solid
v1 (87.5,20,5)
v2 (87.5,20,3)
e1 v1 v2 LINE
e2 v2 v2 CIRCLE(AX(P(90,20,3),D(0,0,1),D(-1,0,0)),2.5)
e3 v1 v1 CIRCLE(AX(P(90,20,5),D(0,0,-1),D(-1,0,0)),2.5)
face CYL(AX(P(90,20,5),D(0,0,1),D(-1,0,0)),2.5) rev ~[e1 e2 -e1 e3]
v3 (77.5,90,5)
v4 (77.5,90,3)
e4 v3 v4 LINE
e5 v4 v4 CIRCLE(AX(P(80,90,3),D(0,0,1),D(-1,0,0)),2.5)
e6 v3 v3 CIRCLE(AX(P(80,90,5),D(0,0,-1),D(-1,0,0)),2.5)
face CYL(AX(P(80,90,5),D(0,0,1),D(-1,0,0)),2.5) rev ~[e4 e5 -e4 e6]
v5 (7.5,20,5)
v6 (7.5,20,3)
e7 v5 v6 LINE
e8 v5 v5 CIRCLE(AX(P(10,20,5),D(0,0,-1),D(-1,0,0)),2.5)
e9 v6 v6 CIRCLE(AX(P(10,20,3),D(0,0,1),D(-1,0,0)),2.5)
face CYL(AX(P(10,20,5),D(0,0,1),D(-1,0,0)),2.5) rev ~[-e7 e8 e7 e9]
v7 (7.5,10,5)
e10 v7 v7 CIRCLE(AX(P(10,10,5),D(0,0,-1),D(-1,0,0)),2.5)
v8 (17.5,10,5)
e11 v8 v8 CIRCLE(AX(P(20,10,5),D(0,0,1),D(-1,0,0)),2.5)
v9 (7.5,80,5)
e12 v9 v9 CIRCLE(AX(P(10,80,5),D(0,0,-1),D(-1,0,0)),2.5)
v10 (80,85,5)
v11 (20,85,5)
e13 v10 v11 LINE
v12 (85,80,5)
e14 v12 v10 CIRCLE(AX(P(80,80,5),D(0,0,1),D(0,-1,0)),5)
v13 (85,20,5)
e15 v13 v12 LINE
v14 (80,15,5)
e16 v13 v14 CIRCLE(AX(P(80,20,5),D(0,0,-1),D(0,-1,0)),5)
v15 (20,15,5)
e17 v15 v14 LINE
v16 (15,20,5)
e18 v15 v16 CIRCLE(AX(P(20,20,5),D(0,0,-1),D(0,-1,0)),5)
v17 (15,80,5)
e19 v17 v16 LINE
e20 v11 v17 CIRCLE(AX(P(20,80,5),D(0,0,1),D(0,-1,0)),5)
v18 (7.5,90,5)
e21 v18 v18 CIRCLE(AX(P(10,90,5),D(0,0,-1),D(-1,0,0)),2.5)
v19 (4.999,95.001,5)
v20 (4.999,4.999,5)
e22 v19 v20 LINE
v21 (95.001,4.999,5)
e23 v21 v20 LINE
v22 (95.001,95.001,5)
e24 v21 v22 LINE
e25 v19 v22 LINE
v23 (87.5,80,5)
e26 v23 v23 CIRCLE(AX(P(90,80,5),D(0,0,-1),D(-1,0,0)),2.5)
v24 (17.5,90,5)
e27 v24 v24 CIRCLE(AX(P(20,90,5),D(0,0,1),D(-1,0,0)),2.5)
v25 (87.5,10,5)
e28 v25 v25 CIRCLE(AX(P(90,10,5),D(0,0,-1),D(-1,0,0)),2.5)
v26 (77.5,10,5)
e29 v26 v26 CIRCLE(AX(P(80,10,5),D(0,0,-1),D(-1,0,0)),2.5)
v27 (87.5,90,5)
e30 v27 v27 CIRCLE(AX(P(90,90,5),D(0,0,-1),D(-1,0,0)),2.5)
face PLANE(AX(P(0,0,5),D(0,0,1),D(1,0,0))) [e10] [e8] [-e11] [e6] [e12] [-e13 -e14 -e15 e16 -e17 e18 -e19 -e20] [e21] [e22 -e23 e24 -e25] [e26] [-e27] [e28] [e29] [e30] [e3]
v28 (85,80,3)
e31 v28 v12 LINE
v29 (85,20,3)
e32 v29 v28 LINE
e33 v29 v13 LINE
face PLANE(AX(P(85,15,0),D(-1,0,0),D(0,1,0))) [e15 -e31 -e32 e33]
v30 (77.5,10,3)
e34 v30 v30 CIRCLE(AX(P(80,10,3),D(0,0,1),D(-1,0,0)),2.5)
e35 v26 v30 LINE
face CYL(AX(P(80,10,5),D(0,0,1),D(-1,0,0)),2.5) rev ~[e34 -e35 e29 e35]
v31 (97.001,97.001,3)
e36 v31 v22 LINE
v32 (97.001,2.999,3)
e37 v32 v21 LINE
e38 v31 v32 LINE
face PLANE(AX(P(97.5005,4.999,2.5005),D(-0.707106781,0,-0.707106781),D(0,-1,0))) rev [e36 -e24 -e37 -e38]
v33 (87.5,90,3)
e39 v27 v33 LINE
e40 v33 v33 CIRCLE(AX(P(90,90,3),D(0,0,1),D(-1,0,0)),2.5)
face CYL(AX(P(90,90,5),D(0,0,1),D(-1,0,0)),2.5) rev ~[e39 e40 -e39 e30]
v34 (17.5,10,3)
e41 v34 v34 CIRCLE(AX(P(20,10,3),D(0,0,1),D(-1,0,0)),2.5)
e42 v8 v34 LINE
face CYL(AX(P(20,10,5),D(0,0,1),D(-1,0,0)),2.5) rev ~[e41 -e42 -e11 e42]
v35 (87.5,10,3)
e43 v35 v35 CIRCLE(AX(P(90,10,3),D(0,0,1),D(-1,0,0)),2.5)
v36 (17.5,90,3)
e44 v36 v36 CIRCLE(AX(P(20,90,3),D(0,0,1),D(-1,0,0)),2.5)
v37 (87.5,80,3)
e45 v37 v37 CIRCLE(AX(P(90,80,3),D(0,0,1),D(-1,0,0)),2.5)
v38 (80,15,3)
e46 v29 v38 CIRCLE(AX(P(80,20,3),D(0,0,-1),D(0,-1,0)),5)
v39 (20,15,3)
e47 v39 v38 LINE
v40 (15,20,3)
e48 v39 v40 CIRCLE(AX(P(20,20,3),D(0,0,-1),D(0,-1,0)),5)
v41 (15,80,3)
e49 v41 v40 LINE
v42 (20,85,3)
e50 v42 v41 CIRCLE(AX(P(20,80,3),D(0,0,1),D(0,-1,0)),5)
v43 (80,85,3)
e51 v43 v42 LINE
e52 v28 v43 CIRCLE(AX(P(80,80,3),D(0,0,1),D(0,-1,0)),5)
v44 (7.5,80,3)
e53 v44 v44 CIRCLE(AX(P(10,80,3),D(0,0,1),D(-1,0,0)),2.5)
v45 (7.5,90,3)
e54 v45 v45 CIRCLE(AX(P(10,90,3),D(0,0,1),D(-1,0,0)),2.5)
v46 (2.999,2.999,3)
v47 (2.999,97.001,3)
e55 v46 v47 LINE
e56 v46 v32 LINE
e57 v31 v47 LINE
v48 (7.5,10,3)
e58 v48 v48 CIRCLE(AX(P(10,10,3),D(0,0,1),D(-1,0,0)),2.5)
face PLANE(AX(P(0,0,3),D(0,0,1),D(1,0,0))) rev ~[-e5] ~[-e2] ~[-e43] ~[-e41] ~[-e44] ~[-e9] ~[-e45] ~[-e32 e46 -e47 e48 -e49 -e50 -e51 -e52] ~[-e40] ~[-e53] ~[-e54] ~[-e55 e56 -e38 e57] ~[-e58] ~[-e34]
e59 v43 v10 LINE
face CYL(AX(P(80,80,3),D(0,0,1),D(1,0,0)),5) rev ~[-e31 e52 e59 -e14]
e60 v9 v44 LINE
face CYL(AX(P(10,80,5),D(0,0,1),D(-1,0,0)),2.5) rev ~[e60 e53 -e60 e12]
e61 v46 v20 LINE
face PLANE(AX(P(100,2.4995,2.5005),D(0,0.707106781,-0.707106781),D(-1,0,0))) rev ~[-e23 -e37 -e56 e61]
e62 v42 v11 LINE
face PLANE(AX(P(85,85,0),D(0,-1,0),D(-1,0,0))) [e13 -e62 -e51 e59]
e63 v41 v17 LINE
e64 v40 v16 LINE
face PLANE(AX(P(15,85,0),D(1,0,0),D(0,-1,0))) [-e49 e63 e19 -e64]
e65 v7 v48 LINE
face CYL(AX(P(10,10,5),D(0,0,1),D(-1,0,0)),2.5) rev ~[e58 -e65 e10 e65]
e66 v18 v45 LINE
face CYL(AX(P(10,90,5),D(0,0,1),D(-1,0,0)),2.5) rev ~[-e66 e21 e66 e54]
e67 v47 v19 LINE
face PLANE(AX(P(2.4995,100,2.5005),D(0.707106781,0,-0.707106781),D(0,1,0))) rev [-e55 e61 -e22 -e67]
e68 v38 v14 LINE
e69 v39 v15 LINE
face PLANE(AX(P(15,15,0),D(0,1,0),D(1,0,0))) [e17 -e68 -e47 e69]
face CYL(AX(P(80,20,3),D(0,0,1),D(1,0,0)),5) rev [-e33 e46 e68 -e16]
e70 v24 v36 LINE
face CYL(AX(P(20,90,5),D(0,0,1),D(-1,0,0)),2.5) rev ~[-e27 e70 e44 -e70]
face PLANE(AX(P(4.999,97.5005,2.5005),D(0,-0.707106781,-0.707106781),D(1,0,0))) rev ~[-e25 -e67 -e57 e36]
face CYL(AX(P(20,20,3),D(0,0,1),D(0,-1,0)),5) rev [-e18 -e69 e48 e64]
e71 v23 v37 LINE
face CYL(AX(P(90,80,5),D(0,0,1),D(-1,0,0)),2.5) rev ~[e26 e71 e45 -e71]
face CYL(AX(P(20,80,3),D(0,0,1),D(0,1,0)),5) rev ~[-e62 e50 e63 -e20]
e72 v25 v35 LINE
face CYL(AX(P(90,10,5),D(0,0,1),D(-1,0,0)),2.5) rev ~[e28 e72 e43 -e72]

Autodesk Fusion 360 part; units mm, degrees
sketch "Sketch1" plane through (0, 0, 0) normal (0, 0, 1) x (1, 0, 0)
  line L0 (0, 0) -> (100, 0)
  line L1 (100, 0) -> (100, 100)
  line L2 (100, 100) -> (0, 100)
  line L3 (0, 100) -> (0, 0)
  line L4 (0, 0) -> (15, 0)
  line L5 (15, 0) -> (15, 15)
  line L6 (100, 100) -> (85, 100)
  line L7 (85, 100) -> (85, 85)
  line L8 (15, 15) -> (85, 15)
  line L9 (85, 15) -> (85, 85)
  line L10 (85, 85) -> (15, 85)
  line L11 (15, 85) -> (15, 15)
  dimension "d1" = 100
  dimension "d2" = 100
  dimension "d3" = 15
  dimension "d4" = 15
  dimension "d5" = 15
  dimension "d6" = 15
extrude "Extrude1" add sketch "Sketch1" along normal blind 5 contours L0 L2 L3 L4 L5 L7 L10 L11 | L0 L1 L2 L5 L6 L7 L8 L9
chamfer "Chamfer1" distance 5 angle 45 1 edges at (50, 0, 5)
chamfer "Chamfer2" distance 5 angle 45 1 edges at (0, 52.5, 5)
chamfer "Chamfer3" distance 5 angle 45 1 edges at (52.5, 100, 5)
chamfer "Chamfer4" distance 5 angle 45 1 edges at (100, 50, 5)
extrude "Extrude2" cut 1 faces at (5, 61.6667, 0) along direction (0, 0, 1) blind 3
sketch "Sketch2" plane through (0, 0, 5) normal (0, 0, 1) x (-1, 0, 0)
  line L0 (-15, -15) -> (-15, -85)
  line L1 (-15, -85) -> (-85, -85)
  line L2 (-85, -85) -> (-85, -15)
  line L3 (-85, -15) -> (-15, -15)
  line L4 (-95, -5) -> (-95, -95)
  line L5 (-95, -95) -> (-5, -95)
  line L6 (-5, -95) -> (-5, -5)
  line L7 (-5, -5) -> (-95, -5)
  circle A0 centre (-10, -90) radius 2.5
  line L8 (-10, -90) -> (-20, -90)
  circle A1 centre (-20, -90) radius 2.5
  line L9 (-10, -90) -> (-10, -80)
  circle A2 centre (-10, -80) radius 2.5
  circle A3 centre (-90, -90) radius 2.5
  line L10 (-90, -90) -> (-90, -80)
  line L11 (-90, -90) -> (-80, -90)
  circle A4 centre (-90, -80) radius 2.5
  circle A5 centre (-80, -90) radius 2.5
  circle A6 centre (-90, -10) radius 2.5
  line L12 (-90, -10) -> (-90, -20)
  line L13 (-90, -10) -> (-80, -10)
  circle A7 centre (-80, -10) radius 2.5
  circle A8 centre (-90, -20) radius 2.5
  circle A9 centre (-10, -10) radius 2.5
  line L14 (-10, -10) -> (-20, -10)
  line L15 (-10, -10) -> (-10, -20)
  circle A10 centre (-20, -10) radius 2.5
  circle A11 centre (-10, -20) radius 2.5
  dimension "d15" = 5
  dimension "d16" = 10
  dimension "d17" = 5
  dimension "d18" = 10
  dimension "d19" = 5
  dimension "d20" = 5
  dimension "d21" = 10
  dimension "d22" = 10
  dimension "d23" = 5
  dimension "d24" = 5
  dimension "d25" = 5
  dimension "d26" = 10
  dimension "d27" = 10
  dimension "d28" = 5
  dimension "d29" = 5
  dimension "d30" = 5
  dimension "d31" = 10
  dimension "d32" = 10
  dimension "d33" = 5
  dimension "d34" = 5
extrude "Extrude3" cut sketch "Sketch2" against normal blind 5 contours A0 L8 L9 | A1 | A2 | A0 L8 L9 | A3 L10 L11 | A4 | A3 L10 L11 | A5 | A6 L12 L13 | A8 | A6 L12 L13 | A7 | A9 L14 L15 | A11 | A10 | A9 L14 L15
fillet "Fillet1" radius 5 1 edges at (15, 85, 4)
fillet "Fillet2" radius 5 1 edges at (85, 15, 4)
fillet "Fillet3" radius 5 1 edges at (15, 15, 4)
fillet "Fillet4" radius 5 1 edges at (85, 85, 4)
